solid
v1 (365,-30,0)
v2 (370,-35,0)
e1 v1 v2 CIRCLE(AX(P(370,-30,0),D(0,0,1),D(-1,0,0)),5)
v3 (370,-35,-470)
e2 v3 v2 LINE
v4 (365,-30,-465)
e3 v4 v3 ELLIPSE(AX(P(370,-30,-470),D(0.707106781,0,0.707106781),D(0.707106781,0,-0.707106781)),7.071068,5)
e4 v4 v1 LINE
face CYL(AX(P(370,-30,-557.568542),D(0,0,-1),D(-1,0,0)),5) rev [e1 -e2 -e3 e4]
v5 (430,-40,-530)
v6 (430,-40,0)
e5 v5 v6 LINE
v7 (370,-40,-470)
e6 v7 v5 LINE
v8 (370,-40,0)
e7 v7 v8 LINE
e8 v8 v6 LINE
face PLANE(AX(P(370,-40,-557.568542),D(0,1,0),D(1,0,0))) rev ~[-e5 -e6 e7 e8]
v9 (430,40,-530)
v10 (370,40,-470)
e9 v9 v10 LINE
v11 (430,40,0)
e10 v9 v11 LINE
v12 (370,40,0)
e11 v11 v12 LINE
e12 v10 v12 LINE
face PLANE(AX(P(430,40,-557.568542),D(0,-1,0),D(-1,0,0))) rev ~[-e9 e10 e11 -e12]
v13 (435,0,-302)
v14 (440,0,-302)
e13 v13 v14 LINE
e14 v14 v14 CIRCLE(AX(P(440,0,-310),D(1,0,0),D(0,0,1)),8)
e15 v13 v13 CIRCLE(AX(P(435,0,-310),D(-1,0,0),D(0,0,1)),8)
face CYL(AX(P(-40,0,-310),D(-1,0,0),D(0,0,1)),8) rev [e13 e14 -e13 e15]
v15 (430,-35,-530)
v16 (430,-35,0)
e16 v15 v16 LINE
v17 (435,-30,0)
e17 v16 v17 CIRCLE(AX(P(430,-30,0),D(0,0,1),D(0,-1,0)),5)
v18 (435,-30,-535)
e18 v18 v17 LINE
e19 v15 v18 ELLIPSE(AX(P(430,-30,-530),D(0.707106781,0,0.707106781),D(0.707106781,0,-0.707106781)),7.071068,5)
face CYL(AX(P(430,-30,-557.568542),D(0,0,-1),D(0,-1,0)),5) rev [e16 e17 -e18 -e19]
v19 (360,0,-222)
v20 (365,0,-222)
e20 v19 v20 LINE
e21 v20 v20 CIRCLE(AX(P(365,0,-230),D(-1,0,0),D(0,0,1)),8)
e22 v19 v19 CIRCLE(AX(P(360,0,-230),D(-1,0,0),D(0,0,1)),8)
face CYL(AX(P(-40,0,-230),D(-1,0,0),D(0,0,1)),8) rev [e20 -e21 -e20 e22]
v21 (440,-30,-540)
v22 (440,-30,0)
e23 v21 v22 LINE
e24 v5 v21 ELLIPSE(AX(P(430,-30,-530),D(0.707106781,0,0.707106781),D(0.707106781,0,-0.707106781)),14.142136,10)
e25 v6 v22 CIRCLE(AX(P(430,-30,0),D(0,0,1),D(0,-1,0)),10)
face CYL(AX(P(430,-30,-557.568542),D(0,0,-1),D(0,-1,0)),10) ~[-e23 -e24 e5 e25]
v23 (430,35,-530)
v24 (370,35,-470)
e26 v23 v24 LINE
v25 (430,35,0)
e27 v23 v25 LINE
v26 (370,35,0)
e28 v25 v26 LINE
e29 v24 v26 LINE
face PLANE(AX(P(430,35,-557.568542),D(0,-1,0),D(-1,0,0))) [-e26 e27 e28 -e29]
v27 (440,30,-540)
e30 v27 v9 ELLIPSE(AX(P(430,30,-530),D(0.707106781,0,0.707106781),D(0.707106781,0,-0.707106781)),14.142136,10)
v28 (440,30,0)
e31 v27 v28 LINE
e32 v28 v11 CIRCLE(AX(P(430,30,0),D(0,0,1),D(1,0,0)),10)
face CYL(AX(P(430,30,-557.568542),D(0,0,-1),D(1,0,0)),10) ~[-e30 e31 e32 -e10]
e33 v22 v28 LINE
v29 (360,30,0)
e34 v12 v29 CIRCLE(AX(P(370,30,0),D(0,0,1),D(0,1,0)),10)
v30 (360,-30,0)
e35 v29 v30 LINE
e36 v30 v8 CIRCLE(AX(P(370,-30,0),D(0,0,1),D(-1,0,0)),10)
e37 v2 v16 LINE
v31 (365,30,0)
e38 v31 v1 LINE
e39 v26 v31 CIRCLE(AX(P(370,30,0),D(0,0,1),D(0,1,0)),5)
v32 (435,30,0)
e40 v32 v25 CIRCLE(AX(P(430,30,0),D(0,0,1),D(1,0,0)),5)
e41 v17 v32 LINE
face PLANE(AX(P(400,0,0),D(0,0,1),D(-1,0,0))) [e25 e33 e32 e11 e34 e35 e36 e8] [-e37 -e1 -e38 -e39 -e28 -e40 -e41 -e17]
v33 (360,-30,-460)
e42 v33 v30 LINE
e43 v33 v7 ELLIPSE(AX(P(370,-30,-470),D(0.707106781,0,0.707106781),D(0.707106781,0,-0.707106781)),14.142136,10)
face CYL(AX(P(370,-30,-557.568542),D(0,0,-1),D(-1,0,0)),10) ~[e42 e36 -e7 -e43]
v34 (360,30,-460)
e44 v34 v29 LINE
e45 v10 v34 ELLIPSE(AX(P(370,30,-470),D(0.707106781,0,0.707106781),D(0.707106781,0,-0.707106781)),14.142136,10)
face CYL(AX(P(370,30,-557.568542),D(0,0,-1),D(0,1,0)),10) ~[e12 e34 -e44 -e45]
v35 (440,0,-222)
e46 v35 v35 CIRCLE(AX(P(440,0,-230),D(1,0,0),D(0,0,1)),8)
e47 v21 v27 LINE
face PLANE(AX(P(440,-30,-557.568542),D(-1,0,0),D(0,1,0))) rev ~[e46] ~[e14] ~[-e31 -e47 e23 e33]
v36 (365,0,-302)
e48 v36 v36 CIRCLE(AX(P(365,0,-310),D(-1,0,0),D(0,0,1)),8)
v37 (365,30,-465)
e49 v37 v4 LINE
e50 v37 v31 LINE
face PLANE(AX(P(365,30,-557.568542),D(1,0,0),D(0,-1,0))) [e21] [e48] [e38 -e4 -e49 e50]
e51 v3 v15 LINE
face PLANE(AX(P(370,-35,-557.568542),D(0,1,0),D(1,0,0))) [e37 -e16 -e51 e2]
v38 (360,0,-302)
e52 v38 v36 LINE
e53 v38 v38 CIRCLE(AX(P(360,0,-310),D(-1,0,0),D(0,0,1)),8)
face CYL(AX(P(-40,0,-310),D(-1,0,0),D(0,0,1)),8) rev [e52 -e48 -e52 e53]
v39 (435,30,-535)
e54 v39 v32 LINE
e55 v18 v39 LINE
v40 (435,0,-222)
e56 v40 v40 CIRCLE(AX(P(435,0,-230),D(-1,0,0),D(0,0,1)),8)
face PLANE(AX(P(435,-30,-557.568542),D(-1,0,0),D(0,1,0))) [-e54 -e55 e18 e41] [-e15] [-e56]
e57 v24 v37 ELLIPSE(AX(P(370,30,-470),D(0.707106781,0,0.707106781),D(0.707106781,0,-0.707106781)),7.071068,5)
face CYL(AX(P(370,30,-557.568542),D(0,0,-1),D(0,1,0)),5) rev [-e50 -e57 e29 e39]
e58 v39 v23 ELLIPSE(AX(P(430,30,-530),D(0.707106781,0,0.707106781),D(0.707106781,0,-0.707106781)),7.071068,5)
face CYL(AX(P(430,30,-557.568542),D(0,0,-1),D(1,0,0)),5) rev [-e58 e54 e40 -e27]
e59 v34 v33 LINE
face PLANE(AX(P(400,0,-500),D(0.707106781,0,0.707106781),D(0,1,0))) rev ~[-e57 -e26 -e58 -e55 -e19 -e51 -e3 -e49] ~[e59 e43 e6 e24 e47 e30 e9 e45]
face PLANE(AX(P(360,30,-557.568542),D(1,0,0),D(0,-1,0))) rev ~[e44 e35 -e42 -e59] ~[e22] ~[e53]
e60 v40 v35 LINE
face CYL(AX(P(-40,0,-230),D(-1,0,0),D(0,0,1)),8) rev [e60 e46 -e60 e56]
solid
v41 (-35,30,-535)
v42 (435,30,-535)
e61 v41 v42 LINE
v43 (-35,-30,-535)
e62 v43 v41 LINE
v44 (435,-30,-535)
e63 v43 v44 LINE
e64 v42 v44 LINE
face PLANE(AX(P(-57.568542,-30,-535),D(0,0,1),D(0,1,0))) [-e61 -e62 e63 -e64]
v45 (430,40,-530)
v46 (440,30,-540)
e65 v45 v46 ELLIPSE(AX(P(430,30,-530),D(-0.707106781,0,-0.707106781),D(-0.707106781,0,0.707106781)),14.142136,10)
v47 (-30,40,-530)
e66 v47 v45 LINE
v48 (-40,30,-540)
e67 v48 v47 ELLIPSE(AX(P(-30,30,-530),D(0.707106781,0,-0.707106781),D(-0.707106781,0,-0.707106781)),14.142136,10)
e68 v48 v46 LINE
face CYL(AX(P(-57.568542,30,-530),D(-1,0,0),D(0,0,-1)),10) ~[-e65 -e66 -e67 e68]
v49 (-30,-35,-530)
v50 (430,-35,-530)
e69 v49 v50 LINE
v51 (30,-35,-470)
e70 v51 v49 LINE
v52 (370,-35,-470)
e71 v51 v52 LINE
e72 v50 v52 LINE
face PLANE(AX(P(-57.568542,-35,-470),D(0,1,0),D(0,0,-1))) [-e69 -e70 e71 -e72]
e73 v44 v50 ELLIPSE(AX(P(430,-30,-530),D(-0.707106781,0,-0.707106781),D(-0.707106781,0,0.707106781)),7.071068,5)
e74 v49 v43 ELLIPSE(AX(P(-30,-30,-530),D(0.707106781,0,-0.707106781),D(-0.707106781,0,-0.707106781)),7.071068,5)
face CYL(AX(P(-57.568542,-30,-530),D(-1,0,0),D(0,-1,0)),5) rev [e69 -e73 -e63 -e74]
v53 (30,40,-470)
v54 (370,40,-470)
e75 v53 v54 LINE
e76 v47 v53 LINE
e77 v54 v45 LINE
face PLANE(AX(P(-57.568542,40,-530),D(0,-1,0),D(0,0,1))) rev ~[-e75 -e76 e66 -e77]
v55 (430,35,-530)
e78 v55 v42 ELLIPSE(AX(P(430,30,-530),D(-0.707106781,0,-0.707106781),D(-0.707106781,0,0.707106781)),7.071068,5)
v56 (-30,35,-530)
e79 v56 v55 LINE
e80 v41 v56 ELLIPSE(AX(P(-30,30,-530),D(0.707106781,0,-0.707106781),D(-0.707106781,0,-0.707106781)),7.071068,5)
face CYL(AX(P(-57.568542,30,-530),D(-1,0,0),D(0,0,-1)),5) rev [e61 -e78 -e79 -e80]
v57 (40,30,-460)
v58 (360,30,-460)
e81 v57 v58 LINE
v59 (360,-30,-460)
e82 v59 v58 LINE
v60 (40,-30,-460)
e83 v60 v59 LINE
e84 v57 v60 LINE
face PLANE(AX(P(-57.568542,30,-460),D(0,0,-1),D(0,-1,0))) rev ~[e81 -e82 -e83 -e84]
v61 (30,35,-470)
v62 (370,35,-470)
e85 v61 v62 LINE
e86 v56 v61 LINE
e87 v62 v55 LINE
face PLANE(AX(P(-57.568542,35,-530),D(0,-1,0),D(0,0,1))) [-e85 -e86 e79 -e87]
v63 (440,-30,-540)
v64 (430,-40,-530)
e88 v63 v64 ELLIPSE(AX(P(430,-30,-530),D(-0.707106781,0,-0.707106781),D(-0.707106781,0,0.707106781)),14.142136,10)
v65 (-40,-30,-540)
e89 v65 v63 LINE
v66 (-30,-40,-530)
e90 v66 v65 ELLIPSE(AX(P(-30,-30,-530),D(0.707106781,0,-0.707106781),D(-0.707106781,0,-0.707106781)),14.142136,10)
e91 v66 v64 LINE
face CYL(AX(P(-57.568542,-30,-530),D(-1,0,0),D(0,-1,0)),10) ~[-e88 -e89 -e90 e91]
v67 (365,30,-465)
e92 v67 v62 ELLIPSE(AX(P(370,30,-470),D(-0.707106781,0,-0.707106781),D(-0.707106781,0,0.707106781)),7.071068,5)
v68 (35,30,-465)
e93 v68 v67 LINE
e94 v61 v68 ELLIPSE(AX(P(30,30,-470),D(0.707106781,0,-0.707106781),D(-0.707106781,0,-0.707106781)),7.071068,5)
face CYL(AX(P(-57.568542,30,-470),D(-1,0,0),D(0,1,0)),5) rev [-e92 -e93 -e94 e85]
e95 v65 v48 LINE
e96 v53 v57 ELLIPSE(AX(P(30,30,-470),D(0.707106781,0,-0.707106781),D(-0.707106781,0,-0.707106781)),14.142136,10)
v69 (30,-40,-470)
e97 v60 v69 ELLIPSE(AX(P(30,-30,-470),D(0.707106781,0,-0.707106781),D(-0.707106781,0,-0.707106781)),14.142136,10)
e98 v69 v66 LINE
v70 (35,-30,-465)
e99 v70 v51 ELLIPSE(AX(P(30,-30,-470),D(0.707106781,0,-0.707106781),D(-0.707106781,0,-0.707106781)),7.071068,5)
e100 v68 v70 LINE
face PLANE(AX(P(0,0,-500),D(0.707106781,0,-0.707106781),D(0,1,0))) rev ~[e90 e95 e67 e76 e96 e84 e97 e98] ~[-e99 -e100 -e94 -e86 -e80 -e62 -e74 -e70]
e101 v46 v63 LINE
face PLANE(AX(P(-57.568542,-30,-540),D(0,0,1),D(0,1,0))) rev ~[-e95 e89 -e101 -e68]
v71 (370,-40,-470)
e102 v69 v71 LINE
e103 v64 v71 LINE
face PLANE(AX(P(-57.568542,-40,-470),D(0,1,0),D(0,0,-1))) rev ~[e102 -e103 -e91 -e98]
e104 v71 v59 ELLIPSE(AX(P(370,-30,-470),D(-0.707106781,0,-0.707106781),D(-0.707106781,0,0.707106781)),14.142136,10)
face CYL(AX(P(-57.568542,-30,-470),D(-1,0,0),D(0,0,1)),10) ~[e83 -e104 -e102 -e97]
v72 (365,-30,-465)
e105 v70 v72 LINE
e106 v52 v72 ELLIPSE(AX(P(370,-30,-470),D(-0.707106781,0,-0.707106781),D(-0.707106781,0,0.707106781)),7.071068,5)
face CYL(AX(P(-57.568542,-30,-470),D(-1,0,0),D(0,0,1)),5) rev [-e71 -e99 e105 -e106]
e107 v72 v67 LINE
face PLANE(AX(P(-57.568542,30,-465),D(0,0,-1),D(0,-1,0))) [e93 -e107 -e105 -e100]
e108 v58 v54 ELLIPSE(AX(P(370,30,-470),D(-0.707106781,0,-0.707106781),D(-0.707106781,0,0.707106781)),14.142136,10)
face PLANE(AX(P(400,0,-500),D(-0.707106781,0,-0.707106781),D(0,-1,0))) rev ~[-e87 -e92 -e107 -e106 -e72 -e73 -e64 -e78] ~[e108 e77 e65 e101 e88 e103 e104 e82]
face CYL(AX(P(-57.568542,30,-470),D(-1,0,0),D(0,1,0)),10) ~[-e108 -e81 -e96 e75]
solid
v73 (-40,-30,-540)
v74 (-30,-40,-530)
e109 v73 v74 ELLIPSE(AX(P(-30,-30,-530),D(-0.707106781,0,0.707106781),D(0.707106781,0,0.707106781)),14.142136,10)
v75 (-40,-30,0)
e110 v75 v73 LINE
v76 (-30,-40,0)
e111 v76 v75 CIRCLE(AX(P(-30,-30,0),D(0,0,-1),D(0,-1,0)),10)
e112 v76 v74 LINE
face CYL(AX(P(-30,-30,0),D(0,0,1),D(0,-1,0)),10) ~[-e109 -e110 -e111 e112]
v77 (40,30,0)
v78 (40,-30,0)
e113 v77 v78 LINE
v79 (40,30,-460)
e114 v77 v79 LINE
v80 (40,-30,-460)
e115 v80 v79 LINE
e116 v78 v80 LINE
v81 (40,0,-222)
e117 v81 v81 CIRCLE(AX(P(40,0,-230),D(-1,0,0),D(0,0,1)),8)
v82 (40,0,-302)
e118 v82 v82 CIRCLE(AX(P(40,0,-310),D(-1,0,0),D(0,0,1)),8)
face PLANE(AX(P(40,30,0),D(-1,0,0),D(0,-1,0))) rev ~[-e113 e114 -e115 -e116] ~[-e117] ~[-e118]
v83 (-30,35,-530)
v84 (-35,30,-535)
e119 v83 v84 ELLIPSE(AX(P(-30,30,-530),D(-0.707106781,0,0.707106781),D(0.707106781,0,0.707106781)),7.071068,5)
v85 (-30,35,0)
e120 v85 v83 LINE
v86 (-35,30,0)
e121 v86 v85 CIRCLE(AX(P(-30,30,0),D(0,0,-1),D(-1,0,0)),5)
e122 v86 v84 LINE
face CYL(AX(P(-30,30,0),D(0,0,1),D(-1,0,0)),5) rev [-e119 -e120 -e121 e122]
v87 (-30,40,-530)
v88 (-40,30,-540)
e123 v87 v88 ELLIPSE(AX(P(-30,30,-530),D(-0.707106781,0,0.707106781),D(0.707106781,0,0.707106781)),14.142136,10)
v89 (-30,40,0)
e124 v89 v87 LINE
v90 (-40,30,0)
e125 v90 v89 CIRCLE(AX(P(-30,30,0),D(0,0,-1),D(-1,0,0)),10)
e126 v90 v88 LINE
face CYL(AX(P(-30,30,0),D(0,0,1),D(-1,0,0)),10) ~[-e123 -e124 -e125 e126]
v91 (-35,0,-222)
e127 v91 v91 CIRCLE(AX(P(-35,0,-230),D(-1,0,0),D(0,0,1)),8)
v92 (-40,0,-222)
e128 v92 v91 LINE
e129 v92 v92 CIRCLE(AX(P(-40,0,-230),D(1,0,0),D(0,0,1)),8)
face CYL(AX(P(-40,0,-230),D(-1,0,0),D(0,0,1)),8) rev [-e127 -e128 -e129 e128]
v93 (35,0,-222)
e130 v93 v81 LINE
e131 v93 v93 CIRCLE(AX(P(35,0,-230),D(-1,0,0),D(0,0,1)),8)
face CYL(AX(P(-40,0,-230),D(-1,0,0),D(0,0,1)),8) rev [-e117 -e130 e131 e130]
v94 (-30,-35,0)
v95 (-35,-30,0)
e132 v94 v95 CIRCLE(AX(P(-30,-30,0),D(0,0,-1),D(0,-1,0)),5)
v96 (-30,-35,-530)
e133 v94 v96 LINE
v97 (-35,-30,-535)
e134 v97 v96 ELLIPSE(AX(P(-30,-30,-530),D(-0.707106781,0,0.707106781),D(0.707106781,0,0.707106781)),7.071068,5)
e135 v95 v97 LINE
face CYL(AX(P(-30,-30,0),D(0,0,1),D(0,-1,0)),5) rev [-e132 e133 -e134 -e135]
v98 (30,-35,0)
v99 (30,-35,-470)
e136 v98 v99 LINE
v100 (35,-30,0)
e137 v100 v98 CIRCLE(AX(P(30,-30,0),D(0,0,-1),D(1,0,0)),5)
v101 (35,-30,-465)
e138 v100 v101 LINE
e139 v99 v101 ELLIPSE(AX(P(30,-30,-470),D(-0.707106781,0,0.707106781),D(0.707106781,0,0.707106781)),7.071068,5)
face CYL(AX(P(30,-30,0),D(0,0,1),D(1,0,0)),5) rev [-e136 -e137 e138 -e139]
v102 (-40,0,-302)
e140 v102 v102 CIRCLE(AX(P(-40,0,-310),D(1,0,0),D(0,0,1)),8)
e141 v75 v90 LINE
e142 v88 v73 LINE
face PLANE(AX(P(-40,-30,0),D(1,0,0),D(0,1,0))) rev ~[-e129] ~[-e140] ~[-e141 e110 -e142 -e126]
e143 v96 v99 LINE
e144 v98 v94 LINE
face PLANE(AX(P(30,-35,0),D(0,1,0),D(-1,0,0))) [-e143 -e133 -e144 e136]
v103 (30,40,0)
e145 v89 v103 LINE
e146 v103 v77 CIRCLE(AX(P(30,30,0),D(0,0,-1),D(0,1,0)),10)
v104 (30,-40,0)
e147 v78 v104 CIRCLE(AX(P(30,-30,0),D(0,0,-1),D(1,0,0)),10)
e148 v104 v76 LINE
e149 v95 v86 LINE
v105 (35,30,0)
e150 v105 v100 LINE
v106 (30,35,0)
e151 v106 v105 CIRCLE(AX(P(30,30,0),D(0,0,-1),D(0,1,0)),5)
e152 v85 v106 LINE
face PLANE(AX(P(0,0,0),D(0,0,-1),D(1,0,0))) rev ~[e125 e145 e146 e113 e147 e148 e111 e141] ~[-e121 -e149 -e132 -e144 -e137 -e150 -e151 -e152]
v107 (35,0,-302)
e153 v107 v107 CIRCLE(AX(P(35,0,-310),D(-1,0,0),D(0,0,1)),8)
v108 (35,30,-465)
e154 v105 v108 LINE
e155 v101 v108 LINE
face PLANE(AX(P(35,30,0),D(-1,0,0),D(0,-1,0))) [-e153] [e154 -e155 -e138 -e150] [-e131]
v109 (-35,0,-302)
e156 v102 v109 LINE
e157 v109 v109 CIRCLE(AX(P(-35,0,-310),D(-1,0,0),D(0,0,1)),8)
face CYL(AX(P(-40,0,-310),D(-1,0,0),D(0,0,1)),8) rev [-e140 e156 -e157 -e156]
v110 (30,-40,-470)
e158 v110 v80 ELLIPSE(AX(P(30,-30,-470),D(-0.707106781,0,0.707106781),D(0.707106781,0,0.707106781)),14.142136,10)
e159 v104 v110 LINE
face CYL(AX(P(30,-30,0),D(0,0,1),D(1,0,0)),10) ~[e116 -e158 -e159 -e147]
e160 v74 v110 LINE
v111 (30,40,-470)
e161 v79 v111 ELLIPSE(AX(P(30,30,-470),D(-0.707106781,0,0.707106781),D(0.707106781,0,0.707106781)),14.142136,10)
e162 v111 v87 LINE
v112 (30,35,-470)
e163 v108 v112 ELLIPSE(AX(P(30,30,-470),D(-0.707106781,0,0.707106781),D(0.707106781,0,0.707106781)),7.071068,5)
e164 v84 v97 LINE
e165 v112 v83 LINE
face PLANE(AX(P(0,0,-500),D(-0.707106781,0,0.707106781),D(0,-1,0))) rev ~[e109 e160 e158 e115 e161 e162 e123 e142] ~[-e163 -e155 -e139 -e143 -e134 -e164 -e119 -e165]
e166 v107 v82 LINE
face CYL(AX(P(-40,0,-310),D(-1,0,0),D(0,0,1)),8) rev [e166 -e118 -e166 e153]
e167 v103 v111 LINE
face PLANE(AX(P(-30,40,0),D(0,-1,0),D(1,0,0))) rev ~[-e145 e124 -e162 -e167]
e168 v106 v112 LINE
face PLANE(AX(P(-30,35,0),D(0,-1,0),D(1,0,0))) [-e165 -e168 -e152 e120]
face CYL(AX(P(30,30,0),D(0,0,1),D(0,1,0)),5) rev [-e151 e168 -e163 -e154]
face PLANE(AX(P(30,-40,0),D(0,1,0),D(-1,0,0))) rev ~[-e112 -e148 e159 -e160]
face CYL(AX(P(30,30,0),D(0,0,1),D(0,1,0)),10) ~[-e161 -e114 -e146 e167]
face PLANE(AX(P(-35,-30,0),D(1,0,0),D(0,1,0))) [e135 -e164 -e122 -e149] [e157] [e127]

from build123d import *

# Parameters (mm, degrees)
SQUARE_TUBE_80_X_80_X_5_1_DEPTH   = 557.568542495
SQUARE_TUBE_80_X_80_X_5_1_2_DEPTH = 515.13708499
SQUARE_TUBE_80_X_80_X_5_1_3_DEPTH = 557.568542495
CUT_EXTRUDE1_START                = -480
SKETCH2_R                         = 8
CUT_EXTRUDE1_DEPTH                = 480


with BuildPart() as part:
    # Sketch1 → Square tube 80 X 80 X 5(1) (new body)
    with BuildSketch(Plane(origin=(0, 0, 0), x_dir=(1, 0, 0), z_dir=(0, 0, -1))):
        with BuildLine():
            Line((-30, -40), (30, -40))
            ThreePointArc((30, -40), (37.071067812, -37.071067812), (40, -30))
            Line((40, -30), (40, 30))
            ThreePointArc((40, 30), (37.071067812, 37.071067812), (30, 40))
            Line((30, 40), (-30, 40))
            ThreePointArc((-30, 40), (-37.071067812, 37.071067812), (-40, 30))
            Line((-40, 30), (-40, -30))
            ThreePointArc((-40, -30), (-37.071067812, -37.071067812), (-30, -40))
        make_face()
        with BuildLine():
            Line((-30, -35), (30, -35))
            ThreePointArc((30, -35), (33.535533906, -33.535533906), (35, -30))
            Line((35, -30), (35, 30))
            ThreePointArc((35, 30), (33.535533906, 33.535533906), (30, 35))
            Line((30, 35), (-30, 35))
            ThreePointArc((-30, 35), (-33.535533906, 33.535533906), (-35, 30))
            Line((-35, 30), (-35, -30))
            ThreePointArc((-35, -30), (-33.535533906, -33.535533906), (-30, -35))
        make_face(mode=Mode.SUBTRACT)
    extrude(amount=SQUARE_TUBE_80_X_80_X_5_1_DEPTH)

    # Square tube 80 X 80 X 5(1) mitre 1
    split(bisect_by=Plane(origin=(0, 0, -500), x_dir=(0, -1, 0), z_dir=(-0.707106781, 0, 0.707106781)), keep=Keep.TOP)


with BuildPart() as body_2:
    # Sketch1 on segment 2 (carried to segment 2) → Square tube 80 X 80 X 5_1 2 (new body)
    with BuildSketch(Plane(origin=(-57.568542495, 0, -500), x_dir=(0, 0, 1), z_dir=(1, 0, 0))):
        with BuildLine():
            Line((-30, -40), (30, -40))
            ThreePointArc((30, -40), (37.071067812, -37.071067812), (40, -30))
            Line((40, -30), (40, 30))
            ThreePointArc((40, 30), (37.071067812, 37.071067812), (30, 40))
            Line((30, 40), (-30, 40))
            ThreePointArc((-30, 40), (-37.071067812, 37.071067812), (-40, 30))
            Line((-40, 30), (-40, -30))
            ThreePointArc((-40, -30), (-37.071067812, -37.071067812), (-30, -40))
        make_face()
        with BuildLine():
            Line((-30, -35), (30, -35))
            ThreePointArc((30, -35), (33.535533906, -33.535533906), (35, -30))
            Line((35, -30), (35, 30))
            ThreePointArc((35, 30), (33.535533906, 33.535533906), (30, 35))
            Line((30, 35), (-30, 35))
            ThreePointArc((-30, 35), (-33.535533906, 33.535533906), (-35, 30))
            Line((-35, 30), (-35, -30))
            ThreePointArc((-35, -30), (-33.535533906, -33.535533906), (-30, -35))
        make_face(mode=Mode.SUBTRACT)
    extrude(amount=SQUARE_TUBE_80_X_80_X_5_1_2_DEPTH)

    # Square tube 80 X 80 X 5_1 2 mitre 1
    split(bisect_by=Plane(origin=(0, 0, -500), x_dir=(0, 1, 0), z_dir=(0.707106781, 0, -0.707106781)), keep=Keep.TOP)

    # Square tube 80 X 80 X 5_1 2 mitre 2
    split(bisect_by=Plane(origin=(400, 0, -500), x_dir=(0, -1, 0), z_dir=(-0.707106781, 0, -0.707106781)), keep=Keep.TOP)


with BuildPart() as body_3:
    # Sketch1 on segment 3 (carried to segment 3) → Square tube 80 X 80 X 5_1 3 (new body)
    with BuildSketch(Plane(origin=(400, 0, -557.568542495), x_dir=(-1, 0, 0), z_dir=(0, 0, 1))):
        with BuildLine():
            Line((-30, -40), (30, -40))
            ThreePointArc((30, -40), (37.071067812, -37.071067812), (40, -30))
            Line((40, -30), (40, 30))
            ThreePointArc((40, 30), (37.071067812, 37.071067812), (30, 40))
            Line((30, 40), (-30, 40))
            ThreePointArc((-30, 40), (-37.071067812, 37.071067812), (-40, 30))
            Line((-40, 30), (-40, -30))
            ThreePointArc((-40, -30), (-37.071067812, -37.071067812), (-30, -40))
        make_face()
        with BuildLine():
            Line((-30, -35), (30, -35))
            ThreePointArc((30, -35), (33.535533906, -33.535533906), (35, -30))
            Line((35, -30), (35, 30))
            ThreePointArc((35, 30), (33.535533906, 33.535533906), (30, 35))
            Line((30, 35), (-30, 35))
            ThreePointArc((-30, 35), (-33.535533906, 33.535533906), (-35, 30))
            Line((-35, 30), (-35, -30))
            ThreePointArc((-35, -30), (-33.535533906, -33.535533906), (-30, -35))
        make_face(mode=Mode.SUBTRACT)
    extrude(amount=SQUARE_TUBE_80_X_80_X_5_1_3_DEPTH)

    # Square tube 80 X 80 X 5_1 3 mitre 1
    split(bisect_by=Plane(origin=(400, 0, -500), x_dir=(0, 1, 0), z_dir=(0.707106781, 0, 0.707106781)), keep=Keep.TOP)


with BuildPart() as cut_extrude1_tool:
    # Sketch2 → Cut-Extrude1 (new body)
    with BuildSketch(Plane(origin=(440, 0, 0), x_dir=(0, 0, -1), z_dir=(1, 0, 0)).offset(CUT_EXTRUDE1_START)):
        with Locations(Location((230, 0, 0), (0, 0, 180))):
            Circle(SKETCH2_R)
        with Locations(Location((310, 0, 0), (0, 0, 180))):
            Circle(SKETCH2_R)
    extrude(amount=CUT_EXTRUDE1_DEPTH)


with BuildPart() as part_1:
    add(part.part)

    # Cut-Extrude1: cut by cut_extrude1_tool
    add(cut_extrude1_tool.part, mode=Mode.SUBTRACT)


with BuildPart() as body_3_1:
    add(body_3.part)

    # Cut-Extrude1: cut by cut_extrude1_tool
    add(cut_extrude1_tool.part, mode=Mode.SUBTRACT)


solid = Compound([body_2.part, part_1.part, body_3_1.part])
